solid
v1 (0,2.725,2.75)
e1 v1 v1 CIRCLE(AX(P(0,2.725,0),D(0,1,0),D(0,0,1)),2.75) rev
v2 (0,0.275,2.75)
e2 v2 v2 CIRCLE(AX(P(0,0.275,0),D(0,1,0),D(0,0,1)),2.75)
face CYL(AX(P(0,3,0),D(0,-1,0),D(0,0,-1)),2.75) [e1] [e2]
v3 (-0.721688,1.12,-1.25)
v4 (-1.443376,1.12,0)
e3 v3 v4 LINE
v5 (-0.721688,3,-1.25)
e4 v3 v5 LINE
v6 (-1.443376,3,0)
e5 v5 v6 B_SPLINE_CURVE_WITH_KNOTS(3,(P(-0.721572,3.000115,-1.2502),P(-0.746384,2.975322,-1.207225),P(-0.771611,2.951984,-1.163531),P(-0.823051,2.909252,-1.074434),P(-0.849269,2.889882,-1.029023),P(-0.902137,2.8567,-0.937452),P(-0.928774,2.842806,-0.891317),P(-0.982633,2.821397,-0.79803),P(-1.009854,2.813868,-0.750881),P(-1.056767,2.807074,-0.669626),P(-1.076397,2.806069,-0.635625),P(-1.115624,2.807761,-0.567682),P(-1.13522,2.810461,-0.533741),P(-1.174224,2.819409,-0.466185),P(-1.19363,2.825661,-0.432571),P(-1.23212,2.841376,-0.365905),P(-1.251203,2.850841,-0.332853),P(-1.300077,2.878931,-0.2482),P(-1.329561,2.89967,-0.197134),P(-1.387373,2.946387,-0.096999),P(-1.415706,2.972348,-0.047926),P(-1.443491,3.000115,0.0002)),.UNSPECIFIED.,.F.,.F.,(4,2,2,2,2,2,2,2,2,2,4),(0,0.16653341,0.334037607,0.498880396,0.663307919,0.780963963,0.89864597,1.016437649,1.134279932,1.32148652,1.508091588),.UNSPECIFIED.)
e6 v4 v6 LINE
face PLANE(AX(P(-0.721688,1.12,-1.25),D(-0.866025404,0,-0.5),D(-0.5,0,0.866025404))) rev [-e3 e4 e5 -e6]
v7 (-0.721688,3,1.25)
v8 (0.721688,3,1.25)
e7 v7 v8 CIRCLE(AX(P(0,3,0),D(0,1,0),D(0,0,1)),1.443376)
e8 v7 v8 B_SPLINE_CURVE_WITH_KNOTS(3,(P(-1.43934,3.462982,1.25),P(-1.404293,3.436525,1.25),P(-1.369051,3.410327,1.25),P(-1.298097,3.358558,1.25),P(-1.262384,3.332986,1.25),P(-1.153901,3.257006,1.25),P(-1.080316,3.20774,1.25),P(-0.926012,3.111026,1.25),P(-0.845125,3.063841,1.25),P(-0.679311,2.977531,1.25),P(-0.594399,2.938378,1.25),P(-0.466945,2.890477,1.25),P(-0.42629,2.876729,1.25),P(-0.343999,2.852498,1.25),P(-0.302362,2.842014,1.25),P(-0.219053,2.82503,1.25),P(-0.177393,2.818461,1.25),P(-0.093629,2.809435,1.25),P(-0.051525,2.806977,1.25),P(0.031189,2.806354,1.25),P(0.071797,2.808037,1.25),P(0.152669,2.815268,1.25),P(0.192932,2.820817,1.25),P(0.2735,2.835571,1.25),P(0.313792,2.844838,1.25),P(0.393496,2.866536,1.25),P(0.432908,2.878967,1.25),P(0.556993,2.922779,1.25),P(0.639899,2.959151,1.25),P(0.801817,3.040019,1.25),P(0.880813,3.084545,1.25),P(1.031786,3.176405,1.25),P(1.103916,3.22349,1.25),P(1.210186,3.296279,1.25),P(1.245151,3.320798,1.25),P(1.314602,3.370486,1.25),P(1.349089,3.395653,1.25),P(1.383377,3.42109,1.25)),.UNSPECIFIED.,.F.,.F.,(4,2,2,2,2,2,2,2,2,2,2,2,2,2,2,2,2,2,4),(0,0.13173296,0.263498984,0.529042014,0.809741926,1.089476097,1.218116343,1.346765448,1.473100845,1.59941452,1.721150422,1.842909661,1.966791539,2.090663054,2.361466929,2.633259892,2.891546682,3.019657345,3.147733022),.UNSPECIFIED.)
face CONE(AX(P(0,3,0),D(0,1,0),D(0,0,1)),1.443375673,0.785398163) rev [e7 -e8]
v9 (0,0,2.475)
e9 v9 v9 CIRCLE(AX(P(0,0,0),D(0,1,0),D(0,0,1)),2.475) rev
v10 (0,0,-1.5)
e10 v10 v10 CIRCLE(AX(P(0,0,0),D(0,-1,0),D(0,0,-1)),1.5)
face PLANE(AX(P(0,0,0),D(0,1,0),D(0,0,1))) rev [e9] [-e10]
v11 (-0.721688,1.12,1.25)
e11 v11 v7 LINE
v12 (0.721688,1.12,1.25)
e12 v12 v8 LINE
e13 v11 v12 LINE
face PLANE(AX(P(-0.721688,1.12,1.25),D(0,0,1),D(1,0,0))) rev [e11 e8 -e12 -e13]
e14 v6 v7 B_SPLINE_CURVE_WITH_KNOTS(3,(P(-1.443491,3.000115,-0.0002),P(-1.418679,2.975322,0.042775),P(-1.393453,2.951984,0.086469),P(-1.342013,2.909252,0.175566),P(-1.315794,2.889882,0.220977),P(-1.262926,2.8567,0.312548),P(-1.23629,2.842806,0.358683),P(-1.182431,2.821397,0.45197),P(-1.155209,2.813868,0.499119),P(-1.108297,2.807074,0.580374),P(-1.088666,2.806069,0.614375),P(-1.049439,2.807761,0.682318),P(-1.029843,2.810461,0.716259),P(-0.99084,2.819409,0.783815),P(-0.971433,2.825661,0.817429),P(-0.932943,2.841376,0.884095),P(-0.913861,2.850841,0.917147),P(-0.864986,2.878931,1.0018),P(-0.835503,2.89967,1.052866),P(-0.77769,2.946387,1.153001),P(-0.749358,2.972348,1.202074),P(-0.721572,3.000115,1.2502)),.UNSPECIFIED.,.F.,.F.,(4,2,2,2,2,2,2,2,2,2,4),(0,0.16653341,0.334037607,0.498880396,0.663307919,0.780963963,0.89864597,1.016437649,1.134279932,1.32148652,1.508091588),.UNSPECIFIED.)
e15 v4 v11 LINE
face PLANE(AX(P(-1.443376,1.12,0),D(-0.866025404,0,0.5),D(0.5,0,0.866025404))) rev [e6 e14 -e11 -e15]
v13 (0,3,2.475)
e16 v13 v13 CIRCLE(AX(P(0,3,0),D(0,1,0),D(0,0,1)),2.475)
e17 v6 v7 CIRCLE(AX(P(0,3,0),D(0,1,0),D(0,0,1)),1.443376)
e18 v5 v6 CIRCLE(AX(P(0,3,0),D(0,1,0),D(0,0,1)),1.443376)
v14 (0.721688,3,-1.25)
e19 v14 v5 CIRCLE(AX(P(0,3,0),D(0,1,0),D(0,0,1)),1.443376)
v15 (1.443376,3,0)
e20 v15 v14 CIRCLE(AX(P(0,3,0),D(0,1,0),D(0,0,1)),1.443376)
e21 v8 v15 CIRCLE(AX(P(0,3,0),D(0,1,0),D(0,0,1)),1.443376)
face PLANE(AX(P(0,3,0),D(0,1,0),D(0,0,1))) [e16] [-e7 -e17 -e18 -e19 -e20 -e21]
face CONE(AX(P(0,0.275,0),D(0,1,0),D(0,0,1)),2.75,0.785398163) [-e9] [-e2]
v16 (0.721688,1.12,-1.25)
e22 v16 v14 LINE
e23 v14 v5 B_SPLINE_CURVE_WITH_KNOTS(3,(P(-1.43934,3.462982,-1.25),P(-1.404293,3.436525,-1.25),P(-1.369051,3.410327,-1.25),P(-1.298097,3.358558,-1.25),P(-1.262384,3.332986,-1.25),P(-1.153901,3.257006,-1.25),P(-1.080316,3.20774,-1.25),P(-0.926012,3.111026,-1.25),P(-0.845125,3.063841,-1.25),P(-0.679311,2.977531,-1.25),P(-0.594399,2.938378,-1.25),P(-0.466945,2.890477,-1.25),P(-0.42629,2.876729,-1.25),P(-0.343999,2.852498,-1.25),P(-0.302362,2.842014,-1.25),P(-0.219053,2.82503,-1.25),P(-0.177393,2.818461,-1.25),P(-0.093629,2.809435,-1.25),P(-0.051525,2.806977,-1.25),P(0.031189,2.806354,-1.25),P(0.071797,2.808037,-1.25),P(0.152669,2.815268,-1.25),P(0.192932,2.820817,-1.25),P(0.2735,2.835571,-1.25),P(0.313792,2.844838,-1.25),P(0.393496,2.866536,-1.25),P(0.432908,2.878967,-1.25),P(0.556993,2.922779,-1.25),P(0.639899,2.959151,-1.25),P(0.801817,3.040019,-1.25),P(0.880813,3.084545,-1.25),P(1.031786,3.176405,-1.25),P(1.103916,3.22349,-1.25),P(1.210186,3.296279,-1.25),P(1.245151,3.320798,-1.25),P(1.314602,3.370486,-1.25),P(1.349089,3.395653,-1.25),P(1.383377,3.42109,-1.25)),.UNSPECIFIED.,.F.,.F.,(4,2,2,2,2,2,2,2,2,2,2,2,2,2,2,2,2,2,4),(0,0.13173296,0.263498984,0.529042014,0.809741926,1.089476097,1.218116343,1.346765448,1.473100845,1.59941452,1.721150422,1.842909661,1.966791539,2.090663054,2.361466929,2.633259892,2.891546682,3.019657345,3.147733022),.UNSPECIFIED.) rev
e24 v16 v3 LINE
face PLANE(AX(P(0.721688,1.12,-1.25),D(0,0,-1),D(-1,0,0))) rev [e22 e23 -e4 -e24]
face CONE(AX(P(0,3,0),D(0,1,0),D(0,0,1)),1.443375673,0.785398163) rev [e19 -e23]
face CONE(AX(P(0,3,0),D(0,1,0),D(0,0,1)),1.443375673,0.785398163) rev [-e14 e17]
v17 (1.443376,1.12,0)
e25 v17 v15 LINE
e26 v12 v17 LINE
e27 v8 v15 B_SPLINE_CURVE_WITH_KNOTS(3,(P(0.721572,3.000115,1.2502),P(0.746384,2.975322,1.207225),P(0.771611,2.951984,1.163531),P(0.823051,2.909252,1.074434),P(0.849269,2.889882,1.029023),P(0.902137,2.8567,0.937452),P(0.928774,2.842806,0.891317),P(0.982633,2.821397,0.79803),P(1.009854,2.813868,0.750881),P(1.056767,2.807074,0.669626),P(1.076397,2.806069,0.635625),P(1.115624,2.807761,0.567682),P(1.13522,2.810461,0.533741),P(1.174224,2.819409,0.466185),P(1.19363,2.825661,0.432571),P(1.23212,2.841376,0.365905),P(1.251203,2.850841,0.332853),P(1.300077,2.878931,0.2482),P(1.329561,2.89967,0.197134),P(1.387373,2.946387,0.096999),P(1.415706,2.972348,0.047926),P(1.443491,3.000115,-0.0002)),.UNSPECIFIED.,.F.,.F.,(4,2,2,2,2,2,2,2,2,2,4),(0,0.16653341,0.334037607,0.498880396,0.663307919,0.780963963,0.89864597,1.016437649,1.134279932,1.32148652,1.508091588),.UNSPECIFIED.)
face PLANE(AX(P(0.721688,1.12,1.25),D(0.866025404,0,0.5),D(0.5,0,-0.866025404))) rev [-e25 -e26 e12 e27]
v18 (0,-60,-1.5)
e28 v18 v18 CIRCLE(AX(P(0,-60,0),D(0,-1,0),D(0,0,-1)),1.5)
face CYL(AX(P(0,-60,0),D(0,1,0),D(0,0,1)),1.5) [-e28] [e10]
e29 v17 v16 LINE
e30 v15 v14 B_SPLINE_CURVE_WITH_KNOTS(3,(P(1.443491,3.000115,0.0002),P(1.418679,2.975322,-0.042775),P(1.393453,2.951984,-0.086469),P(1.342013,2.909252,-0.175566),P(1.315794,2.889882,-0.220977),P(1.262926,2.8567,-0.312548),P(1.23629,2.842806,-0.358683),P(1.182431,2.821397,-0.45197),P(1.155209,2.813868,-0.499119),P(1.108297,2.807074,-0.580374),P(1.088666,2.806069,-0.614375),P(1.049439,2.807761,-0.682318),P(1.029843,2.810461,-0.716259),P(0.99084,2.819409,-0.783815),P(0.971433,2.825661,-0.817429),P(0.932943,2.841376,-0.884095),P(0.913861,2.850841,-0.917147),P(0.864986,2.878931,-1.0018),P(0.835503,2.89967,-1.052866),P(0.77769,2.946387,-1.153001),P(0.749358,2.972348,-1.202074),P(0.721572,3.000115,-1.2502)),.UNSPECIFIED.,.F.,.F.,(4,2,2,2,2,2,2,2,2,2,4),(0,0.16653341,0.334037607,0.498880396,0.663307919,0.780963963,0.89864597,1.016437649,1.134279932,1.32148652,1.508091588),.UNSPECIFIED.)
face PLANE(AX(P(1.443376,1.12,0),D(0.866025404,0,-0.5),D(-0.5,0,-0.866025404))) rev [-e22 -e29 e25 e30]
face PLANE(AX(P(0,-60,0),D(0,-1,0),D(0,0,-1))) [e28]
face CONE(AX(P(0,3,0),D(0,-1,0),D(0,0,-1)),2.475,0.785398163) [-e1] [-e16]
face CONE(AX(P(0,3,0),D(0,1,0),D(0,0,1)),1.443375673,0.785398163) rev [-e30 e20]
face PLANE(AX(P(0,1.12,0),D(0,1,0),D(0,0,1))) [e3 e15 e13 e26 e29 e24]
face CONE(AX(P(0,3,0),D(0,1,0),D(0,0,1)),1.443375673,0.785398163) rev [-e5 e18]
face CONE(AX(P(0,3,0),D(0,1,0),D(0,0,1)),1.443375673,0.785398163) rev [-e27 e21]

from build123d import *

# Parameters (mm, degrees)
SKETCH1_R           = 2.75
BOSS_EXTRUDE1_DEPTH = 3
CUT_EXTRUDE1_DEPTH  = 1.88
CHAMFER1_SIZE       = 0.275
SKETCH_1_R          = 1.5
EXTRUDE_1_DEPTH     = 60


with BuildPart() as part:
    # Sketch1 → Boss-Extrude1 (new body)
    with BuildSketch(Plane(origin=(0, 0, 0), x_dir=(1, 0, 0), z_dir=(0, 1, 0))):
        with Locations(Location((0, 0, 0), (0, 0, 270))):
            Circle(SKETCH1_R)
    extrude(amount=BOSS_EXTRUDE1_DEPTH)

    # Sketch2 → Cut-Extrude1 (cut)
    with BuildSketch(Plane(origin=(0, 3, 0), x_dir=(1, 0, 0), z_dir=(0, 1, 0))):
        Polygon((0.721687836, 1.25), (-0.721687836, 1.25), (-1.443375673, 0), (-0.721687836, -1.25), (0.721687836, -1.25), (1.443375673, 0), align=None)
    extrude(amount=-CUT_EXTRUDE1_DEPTH, mode=Mode.SUBTRACT)

    # Cut-Extrude2 cone 1 section (through the dimple's axis) → Cut-Extrude2 (revolve, cut)
    with BuildSketch(Plane(origin=(0, 3, 0), x_dir=(0, 0, 1), z_dir=(1, 0, 0))):
        Polygon((0, 0), (1.443375673, 0), (0, 1.443375673), align=None)
    revolve(axis=Axis((0, 3, 0), (0, -1, 0)), mode=Mode.SUBTRACT)

    # Chamfer1
    chamfer1_edges = [part.edges().sort_by_distance(p)[0] for p in [
        (0, 0, -2.75),
        (0, 3, -2.75),
    ]]
    chamfer(chamfer1_edges, length=CHAMFER1_SIZE)

    # 草图1 → 凸台-拉伸1 (add)
    with BuildSketch(Plane(origin=(0, 0, 0), x_dir=(-1, 0, 0), z_dir=(0, -1, 0))):
        with Locations(Location((0, 0, 0), (0, 0, 90))):
            Circle(SKETCH_1_R)
    extrude(amount=EXTRUDE_1_DEPTH)


solid = part.part
